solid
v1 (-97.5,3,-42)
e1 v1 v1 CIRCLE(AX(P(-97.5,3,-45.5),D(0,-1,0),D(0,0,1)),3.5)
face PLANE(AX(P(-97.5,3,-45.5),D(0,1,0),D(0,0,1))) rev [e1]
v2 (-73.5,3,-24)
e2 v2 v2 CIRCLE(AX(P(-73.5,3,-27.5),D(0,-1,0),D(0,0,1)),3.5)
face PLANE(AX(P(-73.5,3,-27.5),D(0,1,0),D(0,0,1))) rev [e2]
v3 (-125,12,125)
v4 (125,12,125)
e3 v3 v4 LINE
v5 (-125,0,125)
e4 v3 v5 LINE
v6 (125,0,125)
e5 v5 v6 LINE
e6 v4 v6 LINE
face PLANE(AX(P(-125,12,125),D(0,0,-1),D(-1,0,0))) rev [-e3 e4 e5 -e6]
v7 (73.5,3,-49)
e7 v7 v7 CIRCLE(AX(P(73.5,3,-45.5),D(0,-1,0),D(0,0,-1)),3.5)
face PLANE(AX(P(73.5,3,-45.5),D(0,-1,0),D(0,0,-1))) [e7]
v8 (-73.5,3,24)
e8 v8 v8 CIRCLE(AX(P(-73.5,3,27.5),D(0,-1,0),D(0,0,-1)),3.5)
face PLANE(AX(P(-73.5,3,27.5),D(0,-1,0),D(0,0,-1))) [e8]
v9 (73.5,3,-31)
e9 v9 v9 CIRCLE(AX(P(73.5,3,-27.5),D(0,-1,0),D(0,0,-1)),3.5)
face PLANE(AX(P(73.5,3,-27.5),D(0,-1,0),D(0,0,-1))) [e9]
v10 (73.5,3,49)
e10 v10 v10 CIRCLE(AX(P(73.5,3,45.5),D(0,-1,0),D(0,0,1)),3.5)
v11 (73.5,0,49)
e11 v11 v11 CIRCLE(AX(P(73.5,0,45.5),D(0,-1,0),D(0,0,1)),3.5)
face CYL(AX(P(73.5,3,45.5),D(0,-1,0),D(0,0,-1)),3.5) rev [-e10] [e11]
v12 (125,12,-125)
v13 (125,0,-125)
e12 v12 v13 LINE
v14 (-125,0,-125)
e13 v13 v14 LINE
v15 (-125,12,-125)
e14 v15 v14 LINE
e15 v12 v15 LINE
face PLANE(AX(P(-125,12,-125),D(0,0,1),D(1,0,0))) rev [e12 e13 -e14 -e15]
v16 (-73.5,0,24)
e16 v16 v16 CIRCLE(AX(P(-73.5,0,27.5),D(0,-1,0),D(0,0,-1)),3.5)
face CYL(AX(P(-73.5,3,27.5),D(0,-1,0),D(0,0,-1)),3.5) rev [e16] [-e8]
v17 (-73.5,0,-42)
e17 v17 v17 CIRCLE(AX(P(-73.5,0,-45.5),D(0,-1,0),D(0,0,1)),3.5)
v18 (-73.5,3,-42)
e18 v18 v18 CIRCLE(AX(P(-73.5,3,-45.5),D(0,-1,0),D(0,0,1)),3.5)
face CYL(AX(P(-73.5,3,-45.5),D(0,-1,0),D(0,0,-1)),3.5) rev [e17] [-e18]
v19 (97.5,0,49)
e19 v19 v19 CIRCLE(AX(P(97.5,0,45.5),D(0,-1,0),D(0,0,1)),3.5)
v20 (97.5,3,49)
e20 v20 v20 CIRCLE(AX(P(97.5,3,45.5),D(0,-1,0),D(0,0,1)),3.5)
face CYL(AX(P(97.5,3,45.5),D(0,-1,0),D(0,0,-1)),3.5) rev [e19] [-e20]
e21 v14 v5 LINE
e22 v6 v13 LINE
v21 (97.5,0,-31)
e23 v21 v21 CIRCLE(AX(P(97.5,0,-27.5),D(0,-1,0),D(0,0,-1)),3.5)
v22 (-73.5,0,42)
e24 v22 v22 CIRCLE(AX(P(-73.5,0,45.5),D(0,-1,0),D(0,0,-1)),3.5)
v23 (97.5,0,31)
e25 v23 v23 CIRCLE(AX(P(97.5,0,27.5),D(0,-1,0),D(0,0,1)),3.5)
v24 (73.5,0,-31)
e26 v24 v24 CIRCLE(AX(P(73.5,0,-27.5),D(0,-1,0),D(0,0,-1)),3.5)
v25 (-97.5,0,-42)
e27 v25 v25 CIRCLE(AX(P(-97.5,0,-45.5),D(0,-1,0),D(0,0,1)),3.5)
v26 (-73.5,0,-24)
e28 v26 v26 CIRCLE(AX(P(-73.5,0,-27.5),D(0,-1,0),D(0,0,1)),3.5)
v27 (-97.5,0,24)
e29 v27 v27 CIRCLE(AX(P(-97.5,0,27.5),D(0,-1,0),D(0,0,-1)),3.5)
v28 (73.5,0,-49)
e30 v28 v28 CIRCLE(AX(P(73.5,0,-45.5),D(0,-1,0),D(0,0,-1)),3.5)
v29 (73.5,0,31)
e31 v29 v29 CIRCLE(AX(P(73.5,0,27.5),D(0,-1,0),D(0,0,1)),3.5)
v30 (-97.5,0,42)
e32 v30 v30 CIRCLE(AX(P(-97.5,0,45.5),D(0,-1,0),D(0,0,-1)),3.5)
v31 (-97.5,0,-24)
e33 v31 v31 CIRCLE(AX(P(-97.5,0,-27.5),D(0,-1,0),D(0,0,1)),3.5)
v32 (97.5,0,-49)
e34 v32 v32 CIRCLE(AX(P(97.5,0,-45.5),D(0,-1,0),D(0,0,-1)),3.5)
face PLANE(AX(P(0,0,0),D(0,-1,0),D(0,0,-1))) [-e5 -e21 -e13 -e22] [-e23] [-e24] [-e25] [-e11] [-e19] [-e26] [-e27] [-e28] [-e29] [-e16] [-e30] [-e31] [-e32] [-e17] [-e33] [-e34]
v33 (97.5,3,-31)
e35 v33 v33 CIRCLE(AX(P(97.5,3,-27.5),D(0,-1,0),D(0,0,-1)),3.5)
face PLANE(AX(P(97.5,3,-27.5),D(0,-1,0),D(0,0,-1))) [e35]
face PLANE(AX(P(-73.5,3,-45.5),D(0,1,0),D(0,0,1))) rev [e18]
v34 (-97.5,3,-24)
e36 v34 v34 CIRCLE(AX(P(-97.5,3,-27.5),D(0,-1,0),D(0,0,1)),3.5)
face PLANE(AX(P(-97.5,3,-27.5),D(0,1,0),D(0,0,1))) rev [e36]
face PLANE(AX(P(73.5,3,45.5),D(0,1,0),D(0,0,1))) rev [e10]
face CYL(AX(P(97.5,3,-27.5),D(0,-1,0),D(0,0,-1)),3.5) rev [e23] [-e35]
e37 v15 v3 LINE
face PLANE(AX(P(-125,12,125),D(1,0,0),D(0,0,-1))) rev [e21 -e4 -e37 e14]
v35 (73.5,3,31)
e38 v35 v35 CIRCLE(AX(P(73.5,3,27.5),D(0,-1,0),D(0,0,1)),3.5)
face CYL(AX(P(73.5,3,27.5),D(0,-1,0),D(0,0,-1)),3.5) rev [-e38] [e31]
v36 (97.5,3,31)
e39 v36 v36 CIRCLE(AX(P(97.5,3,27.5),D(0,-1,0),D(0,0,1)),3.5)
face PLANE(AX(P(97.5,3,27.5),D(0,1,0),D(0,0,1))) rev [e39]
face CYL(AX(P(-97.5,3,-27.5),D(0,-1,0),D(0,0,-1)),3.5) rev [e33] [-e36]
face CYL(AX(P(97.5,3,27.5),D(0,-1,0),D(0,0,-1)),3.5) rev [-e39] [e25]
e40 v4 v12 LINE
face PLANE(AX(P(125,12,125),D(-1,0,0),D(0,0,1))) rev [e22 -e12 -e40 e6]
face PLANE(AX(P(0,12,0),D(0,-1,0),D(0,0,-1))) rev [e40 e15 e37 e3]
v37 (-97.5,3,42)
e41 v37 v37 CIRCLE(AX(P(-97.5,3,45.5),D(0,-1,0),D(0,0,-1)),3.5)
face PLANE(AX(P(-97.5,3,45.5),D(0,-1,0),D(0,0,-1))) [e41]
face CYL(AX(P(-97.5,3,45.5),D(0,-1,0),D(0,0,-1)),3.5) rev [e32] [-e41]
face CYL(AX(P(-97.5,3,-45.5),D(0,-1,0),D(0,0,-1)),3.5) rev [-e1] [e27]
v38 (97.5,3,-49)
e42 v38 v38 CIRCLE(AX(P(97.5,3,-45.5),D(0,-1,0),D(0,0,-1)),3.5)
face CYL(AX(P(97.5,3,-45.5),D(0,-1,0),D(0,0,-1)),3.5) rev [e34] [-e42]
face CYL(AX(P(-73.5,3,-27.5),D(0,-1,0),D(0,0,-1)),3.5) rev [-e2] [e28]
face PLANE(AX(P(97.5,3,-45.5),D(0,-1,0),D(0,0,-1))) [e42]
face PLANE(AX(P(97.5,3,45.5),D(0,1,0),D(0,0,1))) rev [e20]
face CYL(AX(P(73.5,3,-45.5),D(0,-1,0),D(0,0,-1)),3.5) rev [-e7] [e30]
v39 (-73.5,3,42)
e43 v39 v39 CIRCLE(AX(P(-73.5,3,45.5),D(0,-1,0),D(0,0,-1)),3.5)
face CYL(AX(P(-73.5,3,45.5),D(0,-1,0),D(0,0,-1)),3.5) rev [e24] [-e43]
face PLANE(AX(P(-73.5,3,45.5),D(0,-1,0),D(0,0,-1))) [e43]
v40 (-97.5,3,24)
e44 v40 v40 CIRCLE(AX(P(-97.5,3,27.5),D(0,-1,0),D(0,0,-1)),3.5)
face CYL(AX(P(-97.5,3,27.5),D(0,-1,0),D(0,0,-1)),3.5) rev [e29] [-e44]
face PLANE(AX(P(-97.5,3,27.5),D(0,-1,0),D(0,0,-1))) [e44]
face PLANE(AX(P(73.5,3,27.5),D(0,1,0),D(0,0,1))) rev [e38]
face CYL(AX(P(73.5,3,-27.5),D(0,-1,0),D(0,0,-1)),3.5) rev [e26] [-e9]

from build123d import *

# Parameters (mm, degrees)
SKETCH1_W           = 250
SKETCH1_H           = 250
BOSS_EXTRUDE1_DEPTH = 12
SKETCH2_R           = 3.5
CUT_EXTRUDE1_DEPTH  = 3


with BuildPart() as part:
    # Sketch1 → Boss-Extrude1 (new body)
    with BuildSketch(Plane(origin=(0, 0, 0), x_dir=(1, 0, 0), z_dir=(0, 1, 0))):
        Rectangle(SKETCH1_W, SKETCH1_H)
    extrude(amount=BOSS_EXTRUDE1_DEPTH)

    # Sketch2 → Cut-Extrude1 (cut)
    with BuildSketch(Plane.XZ):
        with Locations((-97.5, 45.5)):
            Circle(SKETCH2_R)
        with Locations((-73.5, 45.5)):
            Circle(SKETCH2_R)
        with Locations((-97.5, 27.5)):
            Circle(SKETCH2_R)
        with Locations((-73.5, 27.5)):
            Circle(SKETCH2_R)
        with Locations((-73.5, -27.5)):
            Circle(SKETCH2_R)
        with Locations((-97.5, -27.5)):
            Circle(SKETCH2_R)
        with Locations((-73.5, -45.5)):
            Circle(SKETCH2_R)
        with Locations((-97.5, -45.5)):
            Circle(SKETCH2_R)
        with Locations((97.5, -45.5)):
            Circle(SKETCH2_R)
        with Locations((73.5, -45.5)):
            Circle(SKETCH2_R)
        with Locations((97.5, -27.5)):
            Circle(SKETCH2_R)
        with Locations((73.5, -27.5)):
            Circle(SKETCH2_R)
        with Locations((73.5, 27.5)):
            Circle(SKETCH2_R)
        with Locations((97.5, 27.5)):
            Circle(SKETCH2_R)
        with Locations((73.5, 45.5)):
            Circle(SKETCH2_R)
        with Locations((97.5, 45.5)):
            Circle(SKETCH2_R)
    extrude(amount=-CUT_EXTRUDE1_DEPTH, mode=Mode.SUBTRACT)


solid = part.part
